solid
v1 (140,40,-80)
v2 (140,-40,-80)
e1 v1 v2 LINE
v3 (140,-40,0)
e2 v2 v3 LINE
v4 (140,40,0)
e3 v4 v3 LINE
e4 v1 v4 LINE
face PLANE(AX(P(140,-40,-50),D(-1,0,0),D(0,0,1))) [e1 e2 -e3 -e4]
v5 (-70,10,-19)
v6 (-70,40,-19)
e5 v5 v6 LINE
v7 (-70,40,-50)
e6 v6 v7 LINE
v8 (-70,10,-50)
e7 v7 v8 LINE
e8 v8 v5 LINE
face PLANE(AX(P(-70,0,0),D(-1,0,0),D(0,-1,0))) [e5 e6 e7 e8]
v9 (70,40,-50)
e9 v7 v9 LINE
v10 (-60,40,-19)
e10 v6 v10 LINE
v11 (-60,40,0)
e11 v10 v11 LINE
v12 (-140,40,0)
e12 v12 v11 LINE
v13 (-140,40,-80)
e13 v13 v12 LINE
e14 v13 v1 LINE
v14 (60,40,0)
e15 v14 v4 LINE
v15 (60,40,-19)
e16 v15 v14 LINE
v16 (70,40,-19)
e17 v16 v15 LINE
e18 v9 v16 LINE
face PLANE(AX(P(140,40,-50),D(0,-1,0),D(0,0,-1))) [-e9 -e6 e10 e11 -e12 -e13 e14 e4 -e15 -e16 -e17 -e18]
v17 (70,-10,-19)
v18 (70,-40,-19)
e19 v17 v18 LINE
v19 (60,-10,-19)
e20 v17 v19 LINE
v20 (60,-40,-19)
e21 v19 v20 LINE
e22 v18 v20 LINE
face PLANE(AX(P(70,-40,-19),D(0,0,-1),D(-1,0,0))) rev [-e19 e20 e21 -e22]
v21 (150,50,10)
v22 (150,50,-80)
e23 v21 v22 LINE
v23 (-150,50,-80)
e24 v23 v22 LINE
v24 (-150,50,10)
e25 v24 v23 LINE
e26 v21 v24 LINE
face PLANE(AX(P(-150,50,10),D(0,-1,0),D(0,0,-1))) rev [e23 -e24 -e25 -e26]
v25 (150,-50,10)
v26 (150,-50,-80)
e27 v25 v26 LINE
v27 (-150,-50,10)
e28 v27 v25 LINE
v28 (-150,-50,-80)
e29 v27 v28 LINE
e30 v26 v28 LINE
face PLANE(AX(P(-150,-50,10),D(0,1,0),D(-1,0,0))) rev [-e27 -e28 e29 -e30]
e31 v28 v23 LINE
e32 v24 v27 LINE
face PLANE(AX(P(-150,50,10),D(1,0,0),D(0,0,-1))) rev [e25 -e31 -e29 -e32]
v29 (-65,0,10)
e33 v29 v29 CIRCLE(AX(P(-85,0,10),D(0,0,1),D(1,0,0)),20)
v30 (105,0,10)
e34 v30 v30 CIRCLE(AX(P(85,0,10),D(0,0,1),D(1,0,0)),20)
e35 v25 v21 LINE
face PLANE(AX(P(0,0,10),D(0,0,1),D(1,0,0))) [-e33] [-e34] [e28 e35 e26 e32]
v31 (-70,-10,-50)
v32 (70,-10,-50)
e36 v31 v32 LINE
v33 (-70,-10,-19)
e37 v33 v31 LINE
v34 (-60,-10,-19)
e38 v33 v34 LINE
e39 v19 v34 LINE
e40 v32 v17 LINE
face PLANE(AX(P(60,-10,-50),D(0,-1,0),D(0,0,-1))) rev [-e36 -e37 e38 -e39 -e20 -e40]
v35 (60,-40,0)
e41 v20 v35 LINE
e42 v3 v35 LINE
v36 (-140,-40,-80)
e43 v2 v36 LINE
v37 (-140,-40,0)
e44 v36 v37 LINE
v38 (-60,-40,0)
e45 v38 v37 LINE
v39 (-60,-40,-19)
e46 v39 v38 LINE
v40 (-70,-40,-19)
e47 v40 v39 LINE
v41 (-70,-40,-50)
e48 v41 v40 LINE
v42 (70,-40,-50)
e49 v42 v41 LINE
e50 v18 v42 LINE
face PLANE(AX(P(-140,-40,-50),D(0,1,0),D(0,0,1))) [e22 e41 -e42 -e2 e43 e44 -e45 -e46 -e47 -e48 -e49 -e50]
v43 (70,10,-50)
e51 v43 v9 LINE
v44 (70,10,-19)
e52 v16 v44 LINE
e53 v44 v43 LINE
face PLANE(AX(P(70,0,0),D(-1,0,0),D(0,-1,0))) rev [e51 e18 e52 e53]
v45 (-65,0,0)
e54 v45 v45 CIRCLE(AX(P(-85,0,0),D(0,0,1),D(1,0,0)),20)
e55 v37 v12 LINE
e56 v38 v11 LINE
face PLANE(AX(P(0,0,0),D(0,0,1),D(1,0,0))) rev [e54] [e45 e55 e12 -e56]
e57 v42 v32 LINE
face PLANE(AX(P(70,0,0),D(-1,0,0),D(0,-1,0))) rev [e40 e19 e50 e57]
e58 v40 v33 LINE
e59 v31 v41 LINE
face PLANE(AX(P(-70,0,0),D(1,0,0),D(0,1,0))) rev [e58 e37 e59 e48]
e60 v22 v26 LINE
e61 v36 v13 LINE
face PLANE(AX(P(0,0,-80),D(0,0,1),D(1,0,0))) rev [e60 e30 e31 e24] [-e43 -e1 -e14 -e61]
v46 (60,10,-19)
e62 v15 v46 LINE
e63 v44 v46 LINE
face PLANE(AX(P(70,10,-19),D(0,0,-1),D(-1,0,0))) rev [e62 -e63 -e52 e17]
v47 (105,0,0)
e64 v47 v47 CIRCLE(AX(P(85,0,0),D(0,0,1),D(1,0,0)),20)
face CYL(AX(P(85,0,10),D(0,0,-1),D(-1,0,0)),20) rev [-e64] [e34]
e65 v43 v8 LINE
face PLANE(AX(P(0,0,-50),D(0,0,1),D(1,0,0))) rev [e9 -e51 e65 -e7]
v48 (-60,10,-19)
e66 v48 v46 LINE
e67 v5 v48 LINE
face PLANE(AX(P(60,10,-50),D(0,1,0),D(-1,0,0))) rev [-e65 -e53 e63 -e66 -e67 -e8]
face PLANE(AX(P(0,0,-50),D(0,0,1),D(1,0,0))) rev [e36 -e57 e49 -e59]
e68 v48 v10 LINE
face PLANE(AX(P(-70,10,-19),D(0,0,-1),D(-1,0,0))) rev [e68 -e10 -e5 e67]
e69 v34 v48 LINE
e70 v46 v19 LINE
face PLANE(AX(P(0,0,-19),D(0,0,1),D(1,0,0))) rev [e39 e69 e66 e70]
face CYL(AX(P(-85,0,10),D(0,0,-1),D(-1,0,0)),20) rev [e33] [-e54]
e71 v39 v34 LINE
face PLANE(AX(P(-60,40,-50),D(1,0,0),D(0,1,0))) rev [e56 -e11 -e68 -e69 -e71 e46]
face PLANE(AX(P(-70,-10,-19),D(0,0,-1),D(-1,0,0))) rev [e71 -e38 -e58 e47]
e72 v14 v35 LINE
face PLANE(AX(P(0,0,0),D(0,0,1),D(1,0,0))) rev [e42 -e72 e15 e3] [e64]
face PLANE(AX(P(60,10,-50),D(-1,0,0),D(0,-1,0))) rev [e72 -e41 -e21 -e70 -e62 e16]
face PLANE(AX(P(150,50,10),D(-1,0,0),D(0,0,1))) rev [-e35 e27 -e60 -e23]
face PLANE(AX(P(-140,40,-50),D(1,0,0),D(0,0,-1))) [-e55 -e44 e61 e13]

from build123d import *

# Parameters (mm, degrees)
SKETCH1_W           = 300
SKETCH1_H           = 100
SKETCH1_R           = 20
BOSS_EXTRUDE1_DEPTH = 10
SKETCH2_W           = 300
SKETCH2_H           = 100
SKETCH2_W_2         = 280
SKETCH2_H_2         = 80
BOSS_EXTRUDE2_DEPTH = 50
SKETCH3_W           = 120
SKETCH3_H           = 30
BOSS_EXTRUDE3_DEPTH = 50
SKETCH4_W           = 120
SKETCH4_H           = 20
BOSS_EXTRUDE4_DEPTH = 19
SKETCH7_W           = 31
SKETCH7_H           = 30
BOSS_EXTRUDE5_DEPTH = 10
SKETCH8_W           = 31
SKETCH8_H           = 30
BOSS_EXTRUDE6_DEPTH = 10
SKETCH9_W           = 300
SKETCH9_H           = 100
SKETCH9_W_2         = 280
SKETCH9_H_2         = 80
BOSS_EXTRUDE7_DEPTH = 30


with BuildPart() as part:
    # Sketch1 → Boss-Extrude1 (new body)
    with BuildSketch(Plane.XY):
        Rectangle(SKETCH1_W, SKETCH1_H)
        with Locations((-85, 0)):
            Circle(SKETCH1_R, mode=Mode.SUBTRACT)
        with Locations((85, 0)):
            Circle(SKETCH1_R, mode=Mode.SUBTRACT)
    extrude(amount=BOSS_EXTRUDE1_DEPTH)

    # Sketch2 → Boss-Extrude2 (add)
    with BuildSketch(Plane(origin=(0, 0, 0), x_dir=(-1, 0, 0), z_dir=(0, 0, -1))):
        Rectangle(SKETCH2_W, SKETCH2_H)
        Rectangle(SKETCH2_W_2, SKETCH2_H_2, mode=Mode.SUBTRACT)
    extrude(amount=BOSS_EXTRUDE2_DEPTH)

    # Sketch3 → Boss-Extrude3 (add)
    with BuildSketch(Plane(origin=(0, 0, 0), x_dir=(-1, 0, 0), z_dir=(0, 0, -1))):
        with Locations((0, 25)):
            Rectangle(SKETCH3_W, SKETCH3_H)
        with Locations((0, -25)):
            Rectangle(SKETCH3_W, SKETCH3_H)
    extrude(amount=BOSS_EXTRUDE3_DEPTH)

    # Sketch4 → Boss-Extrude4 (add)
    with BuildSketch(Plane(origin=(0, 0, 0), x_dir=(-1, 0, 0), z_dir=(0, 0, -1))):
        Rectangle(SKETCH4_W, SKETCH4_H)
    extrude(amount=BOSS_EXTRUDE4_DEPTH)

    # Sketch7 → Boss-Extrude5 (add)
    with BuildSketch(Plane(origin=(60, 0, 0), x_dir=(0, 0, -1), z_dir=(1, 0, 0))):
        with Locations((34.5, 25)):
            Rectangle(SKETCH7_W, SKETCH7_H)
        with Locations((34.5, -25)):
            Rectangle(SKETCH7_W, SKETCH7_H)
    extrude(amount=BOSS_EXTRUDE5_DEPTH)

    # Sketch8 → Boss-Extrude6 (add)
    with BuildSketch(Plane.ZY.offset(60)):
        with Locations((-34.5, 25)):
            Rectangle(SKETCH8_W, SKETCH8_H)
        with Locations((-34.5, -25)):
            Rectangle(SKETCH8_W, SKETCH8_H)
    extrude(amount=BOSS_EXTRUDE6_DEPTH)

    # Sketch9 → Boss-Extrude7 (add)
    with BuildSketch(Plane(origin=(0, 0, -50), x_dir=(-1, 0, 0), z_dir=(0, 0, -1))):
        Rectangle(SKETCH9_W, SKETCH9_H)
        Rectangle(SKETCH9_W_2, SKETCH9_H_2, mode=Mode.SUBTRACT)
    extrude(amount=BOSS_EXTRUDE7_DEPTH)


solid = part.part
